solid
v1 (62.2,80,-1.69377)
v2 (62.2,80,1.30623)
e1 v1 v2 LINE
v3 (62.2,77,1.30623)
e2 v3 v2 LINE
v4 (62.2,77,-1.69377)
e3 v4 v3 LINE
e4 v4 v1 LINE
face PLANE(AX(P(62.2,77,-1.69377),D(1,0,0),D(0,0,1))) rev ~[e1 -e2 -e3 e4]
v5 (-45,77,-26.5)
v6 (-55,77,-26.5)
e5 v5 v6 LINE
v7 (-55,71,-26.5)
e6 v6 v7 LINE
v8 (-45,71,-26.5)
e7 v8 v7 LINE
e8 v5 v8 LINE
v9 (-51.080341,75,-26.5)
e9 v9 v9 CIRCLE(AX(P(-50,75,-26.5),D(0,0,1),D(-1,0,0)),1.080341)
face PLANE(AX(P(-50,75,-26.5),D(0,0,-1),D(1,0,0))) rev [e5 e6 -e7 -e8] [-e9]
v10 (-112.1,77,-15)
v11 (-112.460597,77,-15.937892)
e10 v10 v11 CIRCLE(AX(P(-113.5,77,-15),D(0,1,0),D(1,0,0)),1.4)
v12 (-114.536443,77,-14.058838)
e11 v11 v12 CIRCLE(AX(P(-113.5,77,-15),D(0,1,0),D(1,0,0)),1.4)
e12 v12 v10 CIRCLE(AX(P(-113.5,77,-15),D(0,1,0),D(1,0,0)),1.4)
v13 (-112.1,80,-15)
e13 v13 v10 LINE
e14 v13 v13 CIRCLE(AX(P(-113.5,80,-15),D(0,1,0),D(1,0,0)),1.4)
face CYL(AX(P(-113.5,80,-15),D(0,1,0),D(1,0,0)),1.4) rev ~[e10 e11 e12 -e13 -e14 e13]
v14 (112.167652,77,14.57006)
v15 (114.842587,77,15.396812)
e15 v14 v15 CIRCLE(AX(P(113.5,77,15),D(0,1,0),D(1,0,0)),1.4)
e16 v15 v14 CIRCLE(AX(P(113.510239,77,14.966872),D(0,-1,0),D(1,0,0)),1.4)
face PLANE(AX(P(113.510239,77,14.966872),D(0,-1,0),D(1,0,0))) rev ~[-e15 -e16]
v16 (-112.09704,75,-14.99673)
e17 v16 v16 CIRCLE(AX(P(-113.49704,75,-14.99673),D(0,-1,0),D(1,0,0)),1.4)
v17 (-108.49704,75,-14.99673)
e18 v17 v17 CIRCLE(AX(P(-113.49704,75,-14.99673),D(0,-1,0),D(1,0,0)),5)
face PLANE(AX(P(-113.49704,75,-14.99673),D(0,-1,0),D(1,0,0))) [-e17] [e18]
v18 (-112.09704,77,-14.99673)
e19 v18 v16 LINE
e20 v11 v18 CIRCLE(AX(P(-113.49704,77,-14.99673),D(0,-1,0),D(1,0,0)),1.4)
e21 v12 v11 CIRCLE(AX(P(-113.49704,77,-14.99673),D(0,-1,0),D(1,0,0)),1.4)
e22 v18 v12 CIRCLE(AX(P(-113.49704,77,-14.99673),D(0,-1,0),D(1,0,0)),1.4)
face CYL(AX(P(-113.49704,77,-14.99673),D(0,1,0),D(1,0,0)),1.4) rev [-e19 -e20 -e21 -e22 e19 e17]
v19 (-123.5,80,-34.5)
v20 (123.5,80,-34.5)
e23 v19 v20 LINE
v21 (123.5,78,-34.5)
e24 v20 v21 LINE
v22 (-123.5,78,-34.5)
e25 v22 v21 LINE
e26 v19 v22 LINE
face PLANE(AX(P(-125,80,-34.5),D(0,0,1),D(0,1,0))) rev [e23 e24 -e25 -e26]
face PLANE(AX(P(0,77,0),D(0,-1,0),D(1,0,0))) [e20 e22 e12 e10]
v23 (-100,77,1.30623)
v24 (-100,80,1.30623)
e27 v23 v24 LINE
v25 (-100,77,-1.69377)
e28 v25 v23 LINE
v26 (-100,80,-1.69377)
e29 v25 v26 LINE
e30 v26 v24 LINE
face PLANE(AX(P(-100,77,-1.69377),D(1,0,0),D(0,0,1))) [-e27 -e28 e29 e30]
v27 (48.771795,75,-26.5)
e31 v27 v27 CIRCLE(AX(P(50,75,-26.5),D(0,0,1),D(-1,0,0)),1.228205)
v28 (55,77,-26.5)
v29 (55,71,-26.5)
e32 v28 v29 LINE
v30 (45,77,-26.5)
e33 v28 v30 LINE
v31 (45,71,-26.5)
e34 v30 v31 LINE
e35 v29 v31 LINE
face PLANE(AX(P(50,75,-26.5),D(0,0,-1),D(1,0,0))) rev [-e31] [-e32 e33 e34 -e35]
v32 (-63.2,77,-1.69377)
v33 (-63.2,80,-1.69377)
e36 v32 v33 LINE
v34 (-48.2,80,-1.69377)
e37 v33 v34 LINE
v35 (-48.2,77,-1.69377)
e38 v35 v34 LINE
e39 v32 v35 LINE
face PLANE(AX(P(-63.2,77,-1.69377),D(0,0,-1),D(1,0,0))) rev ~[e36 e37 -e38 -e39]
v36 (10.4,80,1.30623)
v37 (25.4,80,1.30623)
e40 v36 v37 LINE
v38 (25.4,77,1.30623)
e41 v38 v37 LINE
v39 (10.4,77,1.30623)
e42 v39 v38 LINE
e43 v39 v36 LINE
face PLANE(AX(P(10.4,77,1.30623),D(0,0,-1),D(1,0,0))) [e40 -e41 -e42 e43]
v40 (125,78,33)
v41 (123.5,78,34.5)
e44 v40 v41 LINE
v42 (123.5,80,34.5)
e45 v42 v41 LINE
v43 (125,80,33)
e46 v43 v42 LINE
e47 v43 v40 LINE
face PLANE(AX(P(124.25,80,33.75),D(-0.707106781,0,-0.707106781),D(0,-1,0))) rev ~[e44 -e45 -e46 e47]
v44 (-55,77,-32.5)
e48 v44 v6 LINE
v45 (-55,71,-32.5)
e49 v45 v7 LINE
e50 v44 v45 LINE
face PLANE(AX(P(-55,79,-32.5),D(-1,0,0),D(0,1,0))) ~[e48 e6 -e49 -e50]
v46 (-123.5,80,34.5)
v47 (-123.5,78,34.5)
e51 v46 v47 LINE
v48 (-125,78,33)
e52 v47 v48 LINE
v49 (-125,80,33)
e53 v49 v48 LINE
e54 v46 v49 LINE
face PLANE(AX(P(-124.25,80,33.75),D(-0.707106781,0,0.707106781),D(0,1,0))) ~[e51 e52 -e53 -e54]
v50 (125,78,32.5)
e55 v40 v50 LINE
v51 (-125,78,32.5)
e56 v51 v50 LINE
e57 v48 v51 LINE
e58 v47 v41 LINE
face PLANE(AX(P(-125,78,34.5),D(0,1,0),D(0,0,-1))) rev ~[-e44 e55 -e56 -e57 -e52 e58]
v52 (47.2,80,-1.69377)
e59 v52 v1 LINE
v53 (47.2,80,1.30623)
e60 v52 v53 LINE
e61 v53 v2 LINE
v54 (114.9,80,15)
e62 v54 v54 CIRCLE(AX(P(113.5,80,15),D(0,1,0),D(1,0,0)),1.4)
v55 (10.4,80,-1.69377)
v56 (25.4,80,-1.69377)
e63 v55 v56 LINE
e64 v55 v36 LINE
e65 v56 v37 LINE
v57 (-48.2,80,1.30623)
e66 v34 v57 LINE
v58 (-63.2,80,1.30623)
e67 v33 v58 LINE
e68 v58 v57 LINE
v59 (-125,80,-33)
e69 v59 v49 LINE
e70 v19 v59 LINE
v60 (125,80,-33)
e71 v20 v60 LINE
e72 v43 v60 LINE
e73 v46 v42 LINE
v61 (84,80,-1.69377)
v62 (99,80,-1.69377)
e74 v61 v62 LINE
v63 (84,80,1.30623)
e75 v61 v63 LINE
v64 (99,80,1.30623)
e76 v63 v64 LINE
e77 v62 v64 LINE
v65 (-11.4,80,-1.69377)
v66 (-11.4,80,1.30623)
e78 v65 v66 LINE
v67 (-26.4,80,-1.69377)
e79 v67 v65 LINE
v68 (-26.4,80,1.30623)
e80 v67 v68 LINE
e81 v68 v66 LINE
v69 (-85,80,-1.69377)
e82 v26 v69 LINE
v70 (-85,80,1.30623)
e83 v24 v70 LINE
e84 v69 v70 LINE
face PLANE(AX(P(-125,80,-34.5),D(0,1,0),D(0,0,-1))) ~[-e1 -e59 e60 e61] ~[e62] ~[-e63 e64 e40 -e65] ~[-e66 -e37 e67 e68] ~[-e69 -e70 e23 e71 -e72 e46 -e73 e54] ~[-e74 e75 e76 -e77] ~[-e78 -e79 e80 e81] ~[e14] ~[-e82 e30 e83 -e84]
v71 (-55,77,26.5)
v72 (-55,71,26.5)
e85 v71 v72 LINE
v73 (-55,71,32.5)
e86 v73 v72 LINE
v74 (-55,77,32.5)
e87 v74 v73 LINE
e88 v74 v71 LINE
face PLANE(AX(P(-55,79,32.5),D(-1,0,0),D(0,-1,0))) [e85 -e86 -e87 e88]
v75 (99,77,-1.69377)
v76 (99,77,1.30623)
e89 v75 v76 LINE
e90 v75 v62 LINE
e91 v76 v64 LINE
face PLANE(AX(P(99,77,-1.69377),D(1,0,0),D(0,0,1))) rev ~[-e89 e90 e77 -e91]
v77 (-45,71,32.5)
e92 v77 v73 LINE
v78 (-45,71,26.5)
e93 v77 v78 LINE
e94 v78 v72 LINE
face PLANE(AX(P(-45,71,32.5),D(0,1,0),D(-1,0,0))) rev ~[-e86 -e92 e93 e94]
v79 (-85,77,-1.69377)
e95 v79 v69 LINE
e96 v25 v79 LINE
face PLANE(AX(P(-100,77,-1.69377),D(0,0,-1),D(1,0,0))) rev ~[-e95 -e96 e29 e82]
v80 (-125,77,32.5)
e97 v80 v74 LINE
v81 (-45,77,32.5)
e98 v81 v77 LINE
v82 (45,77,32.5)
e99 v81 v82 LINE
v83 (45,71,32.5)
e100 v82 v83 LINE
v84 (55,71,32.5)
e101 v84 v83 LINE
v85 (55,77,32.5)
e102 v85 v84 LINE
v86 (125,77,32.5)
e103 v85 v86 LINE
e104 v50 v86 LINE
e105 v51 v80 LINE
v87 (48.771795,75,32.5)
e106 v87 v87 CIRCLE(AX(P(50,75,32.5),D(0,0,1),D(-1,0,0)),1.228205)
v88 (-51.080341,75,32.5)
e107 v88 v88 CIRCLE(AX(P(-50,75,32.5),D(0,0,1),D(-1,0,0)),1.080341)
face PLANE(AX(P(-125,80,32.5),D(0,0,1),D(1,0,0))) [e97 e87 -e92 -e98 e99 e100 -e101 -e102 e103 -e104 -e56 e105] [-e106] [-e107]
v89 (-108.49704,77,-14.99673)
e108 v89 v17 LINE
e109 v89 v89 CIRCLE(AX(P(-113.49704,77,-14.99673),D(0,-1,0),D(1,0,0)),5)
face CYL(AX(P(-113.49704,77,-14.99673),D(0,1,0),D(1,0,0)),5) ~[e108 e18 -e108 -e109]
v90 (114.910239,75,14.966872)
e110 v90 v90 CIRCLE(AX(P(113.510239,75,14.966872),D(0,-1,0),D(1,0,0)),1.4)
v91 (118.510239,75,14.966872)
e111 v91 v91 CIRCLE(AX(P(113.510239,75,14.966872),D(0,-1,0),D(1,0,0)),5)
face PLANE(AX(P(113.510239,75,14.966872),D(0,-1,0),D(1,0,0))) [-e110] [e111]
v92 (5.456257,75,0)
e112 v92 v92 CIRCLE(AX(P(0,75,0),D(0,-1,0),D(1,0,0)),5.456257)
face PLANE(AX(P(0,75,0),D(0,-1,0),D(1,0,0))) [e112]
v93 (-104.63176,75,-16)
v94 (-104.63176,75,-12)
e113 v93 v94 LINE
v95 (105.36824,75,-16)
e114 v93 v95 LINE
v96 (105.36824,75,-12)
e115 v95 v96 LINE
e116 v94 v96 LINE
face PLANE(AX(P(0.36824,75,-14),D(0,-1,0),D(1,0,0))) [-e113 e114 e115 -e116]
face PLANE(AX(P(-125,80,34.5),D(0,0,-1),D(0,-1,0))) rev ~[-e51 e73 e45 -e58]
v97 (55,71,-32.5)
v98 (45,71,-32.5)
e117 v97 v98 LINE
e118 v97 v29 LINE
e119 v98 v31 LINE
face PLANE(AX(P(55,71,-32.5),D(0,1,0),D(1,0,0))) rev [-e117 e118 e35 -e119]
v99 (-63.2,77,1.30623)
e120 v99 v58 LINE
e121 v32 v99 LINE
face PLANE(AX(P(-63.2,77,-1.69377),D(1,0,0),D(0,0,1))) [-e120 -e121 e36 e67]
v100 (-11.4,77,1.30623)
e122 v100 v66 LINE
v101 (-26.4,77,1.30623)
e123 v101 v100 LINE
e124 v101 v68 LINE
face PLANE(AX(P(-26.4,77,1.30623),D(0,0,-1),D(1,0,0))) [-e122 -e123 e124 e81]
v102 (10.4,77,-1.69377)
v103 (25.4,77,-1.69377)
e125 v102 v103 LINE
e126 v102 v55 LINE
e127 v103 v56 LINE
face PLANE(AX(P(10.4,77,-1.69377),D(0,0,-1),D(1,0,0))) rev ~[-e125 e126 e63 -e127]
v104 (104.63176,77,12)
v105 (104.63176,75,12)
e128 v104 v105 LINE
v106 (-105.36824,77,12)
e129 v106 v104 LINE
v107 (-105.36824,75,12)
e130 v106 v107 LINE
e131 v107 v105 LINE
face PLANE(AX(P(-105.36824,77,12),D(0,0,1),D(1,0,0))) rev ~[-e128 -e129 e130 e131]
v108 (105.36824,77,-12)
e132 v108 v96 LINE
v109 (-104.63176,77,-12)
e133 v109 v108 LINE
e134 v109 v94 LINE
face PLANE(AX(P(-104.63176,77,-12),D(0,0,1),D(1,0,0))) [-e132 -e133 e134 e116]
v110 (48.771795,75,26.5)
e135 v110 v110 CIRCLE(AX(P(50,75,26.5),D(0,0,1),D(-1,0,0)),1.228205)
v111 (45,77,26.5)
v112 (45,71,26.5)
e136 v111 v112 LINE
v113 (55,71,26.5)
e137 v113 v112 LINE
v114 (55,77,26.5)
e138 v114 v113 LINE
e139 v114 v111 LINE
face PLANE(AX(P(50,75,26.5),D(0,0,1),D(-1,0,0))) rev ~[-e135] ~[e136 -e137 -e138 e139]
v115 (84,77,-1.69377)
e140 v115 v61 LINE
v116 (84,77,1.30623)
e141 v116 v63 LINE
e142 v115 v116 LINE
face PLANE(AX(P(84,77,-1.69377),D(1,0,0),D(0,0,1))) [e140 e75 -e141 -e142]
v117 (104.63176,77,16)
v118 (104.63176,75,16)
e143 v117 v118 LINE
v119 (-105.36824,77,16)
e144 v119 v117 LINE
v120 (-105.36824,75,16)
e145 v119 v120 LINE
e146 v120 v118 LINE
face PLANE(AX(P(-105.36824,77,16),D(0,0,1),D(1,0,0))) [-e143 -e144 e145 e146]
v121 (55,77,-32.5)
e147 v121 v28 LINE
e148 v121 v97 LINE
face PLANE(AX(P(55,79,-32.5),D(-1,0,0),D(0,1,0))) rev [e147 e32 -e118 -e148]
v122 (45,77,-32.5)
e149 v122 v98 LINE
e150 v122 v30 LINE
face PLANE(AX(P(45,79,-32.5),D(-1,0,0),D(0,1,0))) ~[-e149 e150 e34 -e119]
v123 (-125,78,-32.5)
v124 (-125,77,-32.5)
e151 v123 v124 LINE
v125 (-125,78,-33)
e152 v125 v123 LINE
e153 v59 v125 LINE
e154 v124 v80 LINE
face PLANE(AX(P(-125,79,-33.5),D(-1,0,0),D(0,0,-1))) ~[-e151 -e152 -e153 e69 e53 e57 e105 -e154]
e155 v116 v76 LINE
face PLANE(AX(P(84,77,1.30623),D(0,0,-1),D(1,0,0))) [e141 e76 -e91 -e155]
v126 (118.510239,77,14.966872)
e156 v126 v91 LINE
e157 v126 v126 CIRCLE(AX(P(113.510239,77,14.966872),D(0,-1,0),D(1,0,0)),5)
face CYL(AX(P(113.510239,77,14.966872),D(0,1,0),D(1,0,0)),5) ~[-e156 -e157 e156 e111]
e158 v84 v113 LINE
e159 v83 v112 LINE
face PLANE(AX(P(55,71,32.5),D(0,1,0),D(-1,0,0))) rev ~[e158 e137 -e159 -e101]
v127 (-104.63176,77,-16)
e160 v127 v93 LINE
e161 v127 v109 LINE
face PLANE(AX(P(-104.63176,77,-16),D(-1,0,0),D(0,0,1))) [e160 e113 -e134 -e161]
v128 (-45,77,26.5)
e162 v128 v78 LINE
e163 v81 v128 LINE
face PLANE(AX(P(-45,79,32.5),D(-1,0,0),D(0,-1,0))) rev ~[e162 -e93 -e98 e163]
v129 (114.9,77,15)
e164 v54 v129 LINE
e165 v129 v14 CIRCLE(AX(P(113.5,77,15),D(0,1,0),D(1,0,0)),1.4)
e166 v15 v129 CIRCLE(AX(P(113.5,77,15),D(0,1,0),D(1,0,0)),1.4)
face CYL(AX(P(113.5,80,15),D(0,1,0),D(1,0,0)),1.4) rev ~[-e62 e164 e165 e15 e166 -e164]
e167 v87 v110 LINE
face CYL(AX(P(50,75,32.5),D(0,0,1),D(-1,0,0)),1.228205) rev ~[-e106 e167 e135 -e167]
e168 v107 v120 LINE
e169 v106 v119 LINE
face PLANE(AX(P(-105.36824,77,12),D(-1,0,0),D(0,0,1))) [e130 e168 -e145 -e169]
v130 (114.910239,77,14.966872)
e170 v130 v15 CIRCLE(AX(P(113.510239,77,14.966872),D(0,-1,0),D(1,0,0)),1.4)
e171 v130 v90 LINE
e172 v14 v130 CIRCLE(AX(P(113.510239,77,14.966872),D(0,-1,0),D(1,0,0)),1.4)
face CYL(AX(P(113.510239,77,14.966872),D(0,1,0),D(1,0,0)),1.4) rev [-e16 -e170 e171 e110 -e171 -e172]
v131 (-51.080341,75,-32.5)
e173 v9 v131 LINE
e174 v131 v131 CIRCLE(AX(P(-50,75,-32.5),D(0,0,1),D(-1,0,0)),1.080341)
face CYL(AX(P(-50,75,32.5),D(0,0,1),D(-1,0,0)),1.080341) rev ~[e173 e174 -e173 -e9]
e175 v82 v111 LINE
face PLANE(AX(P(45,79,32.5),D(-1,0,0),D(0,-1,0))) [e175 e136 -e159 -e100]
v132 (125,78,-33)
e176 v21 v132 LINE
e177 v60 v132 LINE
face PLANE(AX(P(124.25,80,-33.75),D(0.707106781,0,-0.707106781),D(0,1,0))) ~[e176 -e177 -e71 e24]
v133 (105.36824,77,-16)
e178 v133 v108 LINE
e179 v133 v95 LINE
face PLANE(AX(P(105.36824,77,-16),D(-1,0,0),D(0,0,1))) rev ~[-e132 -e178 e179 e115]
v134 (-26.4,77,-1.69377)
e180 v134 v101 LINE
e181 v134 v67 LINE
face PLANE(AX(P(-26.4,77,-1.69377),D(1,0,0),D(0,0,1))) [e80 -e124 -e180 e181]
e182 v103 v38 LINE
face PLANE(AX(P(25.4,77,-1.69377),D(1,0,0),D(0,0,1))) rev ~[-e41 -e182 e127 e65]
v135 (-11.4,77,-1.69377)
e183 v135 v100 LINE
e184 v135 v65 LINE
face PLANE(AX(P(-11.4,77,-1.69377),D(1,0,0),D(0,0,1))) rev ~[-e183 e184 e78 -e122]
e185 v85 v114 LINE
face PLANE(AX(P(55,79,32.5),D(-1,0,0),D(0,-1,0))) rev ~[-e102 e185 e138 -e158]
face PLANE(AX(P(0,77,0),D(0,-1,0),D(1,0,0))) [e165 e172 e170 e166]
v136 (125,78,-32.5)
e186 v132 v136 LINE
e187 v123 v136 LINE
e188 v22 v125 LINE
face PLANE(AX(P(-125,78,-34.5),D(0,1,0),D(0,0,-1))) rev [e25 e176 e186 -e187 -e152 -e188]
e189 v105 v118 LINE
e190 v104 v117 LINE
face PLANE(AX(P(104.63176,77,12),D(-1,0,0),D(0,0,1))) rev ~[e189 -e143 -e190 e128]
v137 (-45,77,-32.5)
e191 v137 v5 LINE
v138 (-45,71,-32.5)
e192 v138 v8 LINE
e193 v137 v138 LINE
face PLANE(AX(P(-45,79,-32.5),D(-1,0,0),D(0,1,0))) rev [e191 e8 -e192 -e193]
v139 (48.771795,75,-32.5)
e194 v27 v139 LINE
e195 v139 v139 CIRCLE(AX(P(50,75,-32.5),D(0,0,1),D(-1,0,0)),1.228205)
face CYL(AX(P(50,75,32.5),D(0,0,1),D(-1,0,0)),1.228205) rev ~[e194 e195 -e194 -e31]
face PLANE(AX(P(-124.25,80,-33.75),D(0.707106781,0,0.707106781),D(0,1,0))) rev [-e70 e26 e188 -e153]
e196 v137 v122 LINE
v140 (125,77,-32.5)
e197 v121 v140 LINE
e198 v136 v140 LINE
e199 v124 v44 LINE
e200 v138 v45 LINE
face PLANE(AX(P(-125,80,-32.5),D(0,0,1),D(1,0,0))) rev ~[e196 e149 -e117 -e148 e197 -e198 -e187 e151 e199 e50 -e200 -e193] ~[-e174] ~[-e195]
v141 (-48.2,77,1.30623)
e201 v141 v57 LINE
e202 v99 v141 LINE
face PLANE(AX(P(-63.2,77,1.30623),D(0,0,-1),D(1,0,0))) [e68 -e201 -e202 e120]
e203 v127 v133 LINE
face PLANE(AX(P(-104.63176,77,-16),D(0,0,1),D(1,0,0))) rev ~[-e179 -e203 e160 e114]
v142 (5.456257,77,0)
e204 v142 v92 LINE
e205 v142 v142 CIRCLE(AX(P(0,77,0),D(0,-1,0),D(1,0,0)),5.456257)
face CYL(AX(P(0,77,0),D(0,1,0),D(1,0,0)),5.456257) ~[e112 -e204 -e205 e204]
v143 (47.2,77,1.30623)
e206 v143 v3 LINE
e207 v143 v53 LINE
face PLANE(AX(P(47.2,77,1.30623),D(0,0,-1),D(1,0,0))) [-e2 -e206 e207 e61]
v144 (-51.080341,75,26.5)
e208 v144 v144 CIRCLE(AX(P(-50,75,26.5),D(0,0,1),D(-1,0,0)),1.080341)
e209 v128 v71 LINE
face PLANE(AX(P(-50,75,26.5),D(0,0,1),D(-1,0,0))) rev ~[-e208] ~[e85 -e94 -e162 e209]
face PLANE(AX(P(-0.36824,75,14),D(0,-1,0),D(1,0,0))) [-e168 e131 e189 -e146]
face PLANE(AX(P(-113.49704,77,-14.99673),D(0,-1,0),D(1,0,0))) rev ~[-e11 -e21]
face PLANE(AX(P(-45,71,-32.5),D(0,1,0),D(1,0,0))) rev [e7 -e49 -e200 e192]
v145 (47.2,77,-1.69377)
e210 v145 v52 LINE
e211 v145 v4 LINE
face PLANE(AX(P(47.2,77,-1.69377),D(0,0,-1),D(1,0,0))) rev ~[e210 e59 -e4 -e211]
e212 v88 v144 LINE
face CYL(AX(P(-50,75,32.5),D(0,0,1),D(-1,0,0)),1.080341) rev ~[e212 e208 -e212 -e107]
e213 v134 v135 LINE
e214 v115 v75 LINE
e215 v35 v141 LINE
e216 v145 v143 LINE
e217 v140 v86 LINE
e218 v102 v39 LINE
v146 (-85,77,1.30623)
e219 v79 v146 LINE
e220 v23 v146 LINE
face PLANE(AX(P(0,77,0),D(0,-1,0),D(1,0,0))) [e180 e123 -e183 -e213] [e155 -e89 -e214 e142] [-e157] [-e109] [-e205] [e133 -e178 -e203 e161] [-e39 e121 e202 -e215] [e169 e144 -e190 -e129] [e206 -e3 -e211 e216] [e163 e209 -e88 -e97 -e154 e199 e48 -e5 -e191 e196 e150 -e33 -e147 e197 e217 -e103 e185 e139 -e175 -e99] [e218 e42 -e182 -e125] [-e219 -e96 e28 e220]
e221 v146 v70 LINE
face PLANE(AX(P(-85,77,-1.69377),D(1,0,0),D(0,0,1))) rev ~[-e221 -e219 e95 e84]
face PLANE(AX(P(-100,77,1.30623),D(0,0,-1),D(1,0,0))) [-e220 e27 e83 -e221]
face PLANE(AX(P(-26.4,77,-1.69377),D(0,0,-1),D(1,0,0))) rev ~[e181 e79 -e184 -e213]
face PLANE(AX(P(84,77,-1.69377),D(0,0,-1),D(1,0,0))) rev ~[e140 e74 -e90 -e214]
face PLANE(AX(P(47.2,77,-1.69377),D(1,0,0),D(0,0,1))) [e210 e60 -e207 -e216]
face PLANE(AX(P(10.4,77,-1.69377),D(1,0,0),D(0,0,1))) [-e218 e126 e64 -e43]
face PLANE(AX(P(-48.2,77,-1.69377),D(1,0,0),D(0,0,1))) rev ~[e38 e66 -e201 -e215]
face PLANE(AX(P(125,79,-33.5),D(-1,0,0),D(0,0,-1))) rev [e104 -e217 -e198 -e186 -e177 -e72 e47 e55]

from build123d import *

# Parameters (mm, degrees)
SKETCH007_W            = 250
SKETCH007_H            = 65
PAD004_DEPTH           = 3
SKETCH015_R            = 1.4
POCKET007_DEPTH        = 5
SKETCH032_W            = 10
SKETCH032_H            = 8
PAD011_DEPTH           = 6
SKETCH033_R            = 1.228205
SKETCH033_R_2          = 1.080341
POCKET017_DEPTH        = 65.001
SKETCH036_R            = 5
SKETCH036_R_2          = 1.4
SKETCH036_R_3          = 5.456257
SKETCH036_W            = 210
SKETCH036_H            = 4
PAD013_DEPTH           = 2
SKETCH037_W            = 15
SKETCH037_H            = 3
POCKET019_DEPTH        = 5
LINEARPATTERN002_COUNT = 6
LINEARPATTERN002_PITCH = 36.8
SKETCH044_W            = 2
SKETCH044_H            = 2
PAD017_DEPTH           = 250
CHAMFER025_SIZE        = 1.5


with BuildPart() as part:
    # Sketch007 → Pad004 (new body)
    with BuildSketch(Plane.XZ):
        Rectangle(SKETCH007_W, SKETCH007_H)
    extrude(amount=PAD004_DEPTH)

    # Sketch015 (on Face5 of Pad004) → Pocket007 (cut)
    with BuildSketch(Plane(origin=(0, 0, 0), x_dir=(1, 0, 0), z_dir=(0, 1, 0))):
        with Locations((-113.5, 15)):
            Circle(SKETCH015_R)
        with Locations((113.5, -15)):
            Circle(SKETCH015_R)
    extrude(amount=-POCKET007_DEPTH, mode=Mode.SUBTRACT)

    # Sketch032 (on Face1 of Pocket007) → Pad011 (join)
    with BuildSketch(Plane(origin=(0, 0, 32.5), x_dir=(-1, 0, 0), z_dir=(0, 0, 1))):
        with Locations((-50, 5)):
            Rectangle(SKETCH032_W, SKETCH032_H)
        with Locations((50, 5)):
            Rectangle(SKETCH032_W, SKETCH032_H)
    pad011 = extrude(amount=-PAD011_DEPTH)

    # Mirrored: Pad011 across XY
    add(pad011.mirror(Plane.XY))

    # Sketch033 (on Face23 of Mirrored) → Pocket017 (cut, through all)
    with BuildSketch(Plane(origin=(0, 0, 32.5), x_dir=(-1, 0, 0), z_dir=(0, 0, 1))):
        with Locations((-50, 5)):
            Circle(SKETCH033_R)
        with Locations((50, 5)):
            Circle(SKETCH033_R_2)
    extrude(amount=-POCKET017_DEPTH, mode=Mode.SUBTRACT)

    # Sketch036 (on Face4 of Pocket017) → Pad013 (join)
    with BuildSketch(Plane.XZ.offset(3)):
        with Locations((-113.49704, -14.99673)):
            Circle(SKETCH036_R)
        with Locations((-113.49704, -14.99673)):
            Circle(SKETCH036_R_2, mode=Mode.SUBTRACT)
        with Locations((113.510239, 14.966872)):
            Circle(SKETCH036_R)
        with Locations((113.510239, 14.966872)):
            Circle(SKETCH036_R_2, mode=Mode.SUBTRACT)
        Circle(SKETCH036_R_3)
        with Locations((-0.3682397708, 14)):
            Rectangle(SKETCH036_W, SKETCH036_H)
        with Locations((0.3682397708, -14)):
            Rectangle(SKETCH036_W, SKETCH036_H)
    extrude(amount=PAD013_DEPTH)

    # Sketch037 (on Face4 of Pad013) → Pocket019 (cut)
    with BuildSketch(Plane.XZ.offset(3)):
        with Locations((-92.5, -0.19377)):
            Rectangle(SKETCH037_W, SKETCH037_H)
    pocket019 = extrude(amount=-POCKET019_DEPTH, mode=Mode.SUBTRACT)

    # LinearPattern002: Pocket019 ×6
    with Locations(*[(i * LINEARPATTERN002_PITCH, 0, 0) for i in range(1, LINEARPATTERN002_COUNT)]):
        add(pocket019, mode=Mode.SUBTRACT)

    # Sketch044 (on Face7 of MultiTransform001) → Pad017 (join)
    with BuildSketch(Plane(origin=(-125, 0, 0), x_dir=(0, 0, -1), z_dir=(-1, 0, 0))):
        with Locations((-33.5, 1)):
            Rectangle(SKETCH044_W, SKETCH044_H)
    pad017 = extrude(amount=-PAD017_DEPTH)

    # Mirrored003: Pad017 across Sketch044 V_Axis
    add(pad017.mirror(Plane(origin=(-125, 0, 0), x_dir=(-1, 0, 0), z_dir=(0, 0, -1))))

    # Chamfer025
    chamfer025_edges = [part.edges().sort_by_distance(p)[0] for p in [
        (125, -1, -34.5),
        (125, -1, 34.5),
        (-125, -1, 34.5),
        (-125, -1, -34.5),
    ]]
    chamfer(chamfer025_edges, length=CHAMFER025_SIZE)


with BuildPart() as part_1:
    # Body003 placement: moved
    add(part.part.moved(Location((0, 80, 0))))


solid = part_1.part
